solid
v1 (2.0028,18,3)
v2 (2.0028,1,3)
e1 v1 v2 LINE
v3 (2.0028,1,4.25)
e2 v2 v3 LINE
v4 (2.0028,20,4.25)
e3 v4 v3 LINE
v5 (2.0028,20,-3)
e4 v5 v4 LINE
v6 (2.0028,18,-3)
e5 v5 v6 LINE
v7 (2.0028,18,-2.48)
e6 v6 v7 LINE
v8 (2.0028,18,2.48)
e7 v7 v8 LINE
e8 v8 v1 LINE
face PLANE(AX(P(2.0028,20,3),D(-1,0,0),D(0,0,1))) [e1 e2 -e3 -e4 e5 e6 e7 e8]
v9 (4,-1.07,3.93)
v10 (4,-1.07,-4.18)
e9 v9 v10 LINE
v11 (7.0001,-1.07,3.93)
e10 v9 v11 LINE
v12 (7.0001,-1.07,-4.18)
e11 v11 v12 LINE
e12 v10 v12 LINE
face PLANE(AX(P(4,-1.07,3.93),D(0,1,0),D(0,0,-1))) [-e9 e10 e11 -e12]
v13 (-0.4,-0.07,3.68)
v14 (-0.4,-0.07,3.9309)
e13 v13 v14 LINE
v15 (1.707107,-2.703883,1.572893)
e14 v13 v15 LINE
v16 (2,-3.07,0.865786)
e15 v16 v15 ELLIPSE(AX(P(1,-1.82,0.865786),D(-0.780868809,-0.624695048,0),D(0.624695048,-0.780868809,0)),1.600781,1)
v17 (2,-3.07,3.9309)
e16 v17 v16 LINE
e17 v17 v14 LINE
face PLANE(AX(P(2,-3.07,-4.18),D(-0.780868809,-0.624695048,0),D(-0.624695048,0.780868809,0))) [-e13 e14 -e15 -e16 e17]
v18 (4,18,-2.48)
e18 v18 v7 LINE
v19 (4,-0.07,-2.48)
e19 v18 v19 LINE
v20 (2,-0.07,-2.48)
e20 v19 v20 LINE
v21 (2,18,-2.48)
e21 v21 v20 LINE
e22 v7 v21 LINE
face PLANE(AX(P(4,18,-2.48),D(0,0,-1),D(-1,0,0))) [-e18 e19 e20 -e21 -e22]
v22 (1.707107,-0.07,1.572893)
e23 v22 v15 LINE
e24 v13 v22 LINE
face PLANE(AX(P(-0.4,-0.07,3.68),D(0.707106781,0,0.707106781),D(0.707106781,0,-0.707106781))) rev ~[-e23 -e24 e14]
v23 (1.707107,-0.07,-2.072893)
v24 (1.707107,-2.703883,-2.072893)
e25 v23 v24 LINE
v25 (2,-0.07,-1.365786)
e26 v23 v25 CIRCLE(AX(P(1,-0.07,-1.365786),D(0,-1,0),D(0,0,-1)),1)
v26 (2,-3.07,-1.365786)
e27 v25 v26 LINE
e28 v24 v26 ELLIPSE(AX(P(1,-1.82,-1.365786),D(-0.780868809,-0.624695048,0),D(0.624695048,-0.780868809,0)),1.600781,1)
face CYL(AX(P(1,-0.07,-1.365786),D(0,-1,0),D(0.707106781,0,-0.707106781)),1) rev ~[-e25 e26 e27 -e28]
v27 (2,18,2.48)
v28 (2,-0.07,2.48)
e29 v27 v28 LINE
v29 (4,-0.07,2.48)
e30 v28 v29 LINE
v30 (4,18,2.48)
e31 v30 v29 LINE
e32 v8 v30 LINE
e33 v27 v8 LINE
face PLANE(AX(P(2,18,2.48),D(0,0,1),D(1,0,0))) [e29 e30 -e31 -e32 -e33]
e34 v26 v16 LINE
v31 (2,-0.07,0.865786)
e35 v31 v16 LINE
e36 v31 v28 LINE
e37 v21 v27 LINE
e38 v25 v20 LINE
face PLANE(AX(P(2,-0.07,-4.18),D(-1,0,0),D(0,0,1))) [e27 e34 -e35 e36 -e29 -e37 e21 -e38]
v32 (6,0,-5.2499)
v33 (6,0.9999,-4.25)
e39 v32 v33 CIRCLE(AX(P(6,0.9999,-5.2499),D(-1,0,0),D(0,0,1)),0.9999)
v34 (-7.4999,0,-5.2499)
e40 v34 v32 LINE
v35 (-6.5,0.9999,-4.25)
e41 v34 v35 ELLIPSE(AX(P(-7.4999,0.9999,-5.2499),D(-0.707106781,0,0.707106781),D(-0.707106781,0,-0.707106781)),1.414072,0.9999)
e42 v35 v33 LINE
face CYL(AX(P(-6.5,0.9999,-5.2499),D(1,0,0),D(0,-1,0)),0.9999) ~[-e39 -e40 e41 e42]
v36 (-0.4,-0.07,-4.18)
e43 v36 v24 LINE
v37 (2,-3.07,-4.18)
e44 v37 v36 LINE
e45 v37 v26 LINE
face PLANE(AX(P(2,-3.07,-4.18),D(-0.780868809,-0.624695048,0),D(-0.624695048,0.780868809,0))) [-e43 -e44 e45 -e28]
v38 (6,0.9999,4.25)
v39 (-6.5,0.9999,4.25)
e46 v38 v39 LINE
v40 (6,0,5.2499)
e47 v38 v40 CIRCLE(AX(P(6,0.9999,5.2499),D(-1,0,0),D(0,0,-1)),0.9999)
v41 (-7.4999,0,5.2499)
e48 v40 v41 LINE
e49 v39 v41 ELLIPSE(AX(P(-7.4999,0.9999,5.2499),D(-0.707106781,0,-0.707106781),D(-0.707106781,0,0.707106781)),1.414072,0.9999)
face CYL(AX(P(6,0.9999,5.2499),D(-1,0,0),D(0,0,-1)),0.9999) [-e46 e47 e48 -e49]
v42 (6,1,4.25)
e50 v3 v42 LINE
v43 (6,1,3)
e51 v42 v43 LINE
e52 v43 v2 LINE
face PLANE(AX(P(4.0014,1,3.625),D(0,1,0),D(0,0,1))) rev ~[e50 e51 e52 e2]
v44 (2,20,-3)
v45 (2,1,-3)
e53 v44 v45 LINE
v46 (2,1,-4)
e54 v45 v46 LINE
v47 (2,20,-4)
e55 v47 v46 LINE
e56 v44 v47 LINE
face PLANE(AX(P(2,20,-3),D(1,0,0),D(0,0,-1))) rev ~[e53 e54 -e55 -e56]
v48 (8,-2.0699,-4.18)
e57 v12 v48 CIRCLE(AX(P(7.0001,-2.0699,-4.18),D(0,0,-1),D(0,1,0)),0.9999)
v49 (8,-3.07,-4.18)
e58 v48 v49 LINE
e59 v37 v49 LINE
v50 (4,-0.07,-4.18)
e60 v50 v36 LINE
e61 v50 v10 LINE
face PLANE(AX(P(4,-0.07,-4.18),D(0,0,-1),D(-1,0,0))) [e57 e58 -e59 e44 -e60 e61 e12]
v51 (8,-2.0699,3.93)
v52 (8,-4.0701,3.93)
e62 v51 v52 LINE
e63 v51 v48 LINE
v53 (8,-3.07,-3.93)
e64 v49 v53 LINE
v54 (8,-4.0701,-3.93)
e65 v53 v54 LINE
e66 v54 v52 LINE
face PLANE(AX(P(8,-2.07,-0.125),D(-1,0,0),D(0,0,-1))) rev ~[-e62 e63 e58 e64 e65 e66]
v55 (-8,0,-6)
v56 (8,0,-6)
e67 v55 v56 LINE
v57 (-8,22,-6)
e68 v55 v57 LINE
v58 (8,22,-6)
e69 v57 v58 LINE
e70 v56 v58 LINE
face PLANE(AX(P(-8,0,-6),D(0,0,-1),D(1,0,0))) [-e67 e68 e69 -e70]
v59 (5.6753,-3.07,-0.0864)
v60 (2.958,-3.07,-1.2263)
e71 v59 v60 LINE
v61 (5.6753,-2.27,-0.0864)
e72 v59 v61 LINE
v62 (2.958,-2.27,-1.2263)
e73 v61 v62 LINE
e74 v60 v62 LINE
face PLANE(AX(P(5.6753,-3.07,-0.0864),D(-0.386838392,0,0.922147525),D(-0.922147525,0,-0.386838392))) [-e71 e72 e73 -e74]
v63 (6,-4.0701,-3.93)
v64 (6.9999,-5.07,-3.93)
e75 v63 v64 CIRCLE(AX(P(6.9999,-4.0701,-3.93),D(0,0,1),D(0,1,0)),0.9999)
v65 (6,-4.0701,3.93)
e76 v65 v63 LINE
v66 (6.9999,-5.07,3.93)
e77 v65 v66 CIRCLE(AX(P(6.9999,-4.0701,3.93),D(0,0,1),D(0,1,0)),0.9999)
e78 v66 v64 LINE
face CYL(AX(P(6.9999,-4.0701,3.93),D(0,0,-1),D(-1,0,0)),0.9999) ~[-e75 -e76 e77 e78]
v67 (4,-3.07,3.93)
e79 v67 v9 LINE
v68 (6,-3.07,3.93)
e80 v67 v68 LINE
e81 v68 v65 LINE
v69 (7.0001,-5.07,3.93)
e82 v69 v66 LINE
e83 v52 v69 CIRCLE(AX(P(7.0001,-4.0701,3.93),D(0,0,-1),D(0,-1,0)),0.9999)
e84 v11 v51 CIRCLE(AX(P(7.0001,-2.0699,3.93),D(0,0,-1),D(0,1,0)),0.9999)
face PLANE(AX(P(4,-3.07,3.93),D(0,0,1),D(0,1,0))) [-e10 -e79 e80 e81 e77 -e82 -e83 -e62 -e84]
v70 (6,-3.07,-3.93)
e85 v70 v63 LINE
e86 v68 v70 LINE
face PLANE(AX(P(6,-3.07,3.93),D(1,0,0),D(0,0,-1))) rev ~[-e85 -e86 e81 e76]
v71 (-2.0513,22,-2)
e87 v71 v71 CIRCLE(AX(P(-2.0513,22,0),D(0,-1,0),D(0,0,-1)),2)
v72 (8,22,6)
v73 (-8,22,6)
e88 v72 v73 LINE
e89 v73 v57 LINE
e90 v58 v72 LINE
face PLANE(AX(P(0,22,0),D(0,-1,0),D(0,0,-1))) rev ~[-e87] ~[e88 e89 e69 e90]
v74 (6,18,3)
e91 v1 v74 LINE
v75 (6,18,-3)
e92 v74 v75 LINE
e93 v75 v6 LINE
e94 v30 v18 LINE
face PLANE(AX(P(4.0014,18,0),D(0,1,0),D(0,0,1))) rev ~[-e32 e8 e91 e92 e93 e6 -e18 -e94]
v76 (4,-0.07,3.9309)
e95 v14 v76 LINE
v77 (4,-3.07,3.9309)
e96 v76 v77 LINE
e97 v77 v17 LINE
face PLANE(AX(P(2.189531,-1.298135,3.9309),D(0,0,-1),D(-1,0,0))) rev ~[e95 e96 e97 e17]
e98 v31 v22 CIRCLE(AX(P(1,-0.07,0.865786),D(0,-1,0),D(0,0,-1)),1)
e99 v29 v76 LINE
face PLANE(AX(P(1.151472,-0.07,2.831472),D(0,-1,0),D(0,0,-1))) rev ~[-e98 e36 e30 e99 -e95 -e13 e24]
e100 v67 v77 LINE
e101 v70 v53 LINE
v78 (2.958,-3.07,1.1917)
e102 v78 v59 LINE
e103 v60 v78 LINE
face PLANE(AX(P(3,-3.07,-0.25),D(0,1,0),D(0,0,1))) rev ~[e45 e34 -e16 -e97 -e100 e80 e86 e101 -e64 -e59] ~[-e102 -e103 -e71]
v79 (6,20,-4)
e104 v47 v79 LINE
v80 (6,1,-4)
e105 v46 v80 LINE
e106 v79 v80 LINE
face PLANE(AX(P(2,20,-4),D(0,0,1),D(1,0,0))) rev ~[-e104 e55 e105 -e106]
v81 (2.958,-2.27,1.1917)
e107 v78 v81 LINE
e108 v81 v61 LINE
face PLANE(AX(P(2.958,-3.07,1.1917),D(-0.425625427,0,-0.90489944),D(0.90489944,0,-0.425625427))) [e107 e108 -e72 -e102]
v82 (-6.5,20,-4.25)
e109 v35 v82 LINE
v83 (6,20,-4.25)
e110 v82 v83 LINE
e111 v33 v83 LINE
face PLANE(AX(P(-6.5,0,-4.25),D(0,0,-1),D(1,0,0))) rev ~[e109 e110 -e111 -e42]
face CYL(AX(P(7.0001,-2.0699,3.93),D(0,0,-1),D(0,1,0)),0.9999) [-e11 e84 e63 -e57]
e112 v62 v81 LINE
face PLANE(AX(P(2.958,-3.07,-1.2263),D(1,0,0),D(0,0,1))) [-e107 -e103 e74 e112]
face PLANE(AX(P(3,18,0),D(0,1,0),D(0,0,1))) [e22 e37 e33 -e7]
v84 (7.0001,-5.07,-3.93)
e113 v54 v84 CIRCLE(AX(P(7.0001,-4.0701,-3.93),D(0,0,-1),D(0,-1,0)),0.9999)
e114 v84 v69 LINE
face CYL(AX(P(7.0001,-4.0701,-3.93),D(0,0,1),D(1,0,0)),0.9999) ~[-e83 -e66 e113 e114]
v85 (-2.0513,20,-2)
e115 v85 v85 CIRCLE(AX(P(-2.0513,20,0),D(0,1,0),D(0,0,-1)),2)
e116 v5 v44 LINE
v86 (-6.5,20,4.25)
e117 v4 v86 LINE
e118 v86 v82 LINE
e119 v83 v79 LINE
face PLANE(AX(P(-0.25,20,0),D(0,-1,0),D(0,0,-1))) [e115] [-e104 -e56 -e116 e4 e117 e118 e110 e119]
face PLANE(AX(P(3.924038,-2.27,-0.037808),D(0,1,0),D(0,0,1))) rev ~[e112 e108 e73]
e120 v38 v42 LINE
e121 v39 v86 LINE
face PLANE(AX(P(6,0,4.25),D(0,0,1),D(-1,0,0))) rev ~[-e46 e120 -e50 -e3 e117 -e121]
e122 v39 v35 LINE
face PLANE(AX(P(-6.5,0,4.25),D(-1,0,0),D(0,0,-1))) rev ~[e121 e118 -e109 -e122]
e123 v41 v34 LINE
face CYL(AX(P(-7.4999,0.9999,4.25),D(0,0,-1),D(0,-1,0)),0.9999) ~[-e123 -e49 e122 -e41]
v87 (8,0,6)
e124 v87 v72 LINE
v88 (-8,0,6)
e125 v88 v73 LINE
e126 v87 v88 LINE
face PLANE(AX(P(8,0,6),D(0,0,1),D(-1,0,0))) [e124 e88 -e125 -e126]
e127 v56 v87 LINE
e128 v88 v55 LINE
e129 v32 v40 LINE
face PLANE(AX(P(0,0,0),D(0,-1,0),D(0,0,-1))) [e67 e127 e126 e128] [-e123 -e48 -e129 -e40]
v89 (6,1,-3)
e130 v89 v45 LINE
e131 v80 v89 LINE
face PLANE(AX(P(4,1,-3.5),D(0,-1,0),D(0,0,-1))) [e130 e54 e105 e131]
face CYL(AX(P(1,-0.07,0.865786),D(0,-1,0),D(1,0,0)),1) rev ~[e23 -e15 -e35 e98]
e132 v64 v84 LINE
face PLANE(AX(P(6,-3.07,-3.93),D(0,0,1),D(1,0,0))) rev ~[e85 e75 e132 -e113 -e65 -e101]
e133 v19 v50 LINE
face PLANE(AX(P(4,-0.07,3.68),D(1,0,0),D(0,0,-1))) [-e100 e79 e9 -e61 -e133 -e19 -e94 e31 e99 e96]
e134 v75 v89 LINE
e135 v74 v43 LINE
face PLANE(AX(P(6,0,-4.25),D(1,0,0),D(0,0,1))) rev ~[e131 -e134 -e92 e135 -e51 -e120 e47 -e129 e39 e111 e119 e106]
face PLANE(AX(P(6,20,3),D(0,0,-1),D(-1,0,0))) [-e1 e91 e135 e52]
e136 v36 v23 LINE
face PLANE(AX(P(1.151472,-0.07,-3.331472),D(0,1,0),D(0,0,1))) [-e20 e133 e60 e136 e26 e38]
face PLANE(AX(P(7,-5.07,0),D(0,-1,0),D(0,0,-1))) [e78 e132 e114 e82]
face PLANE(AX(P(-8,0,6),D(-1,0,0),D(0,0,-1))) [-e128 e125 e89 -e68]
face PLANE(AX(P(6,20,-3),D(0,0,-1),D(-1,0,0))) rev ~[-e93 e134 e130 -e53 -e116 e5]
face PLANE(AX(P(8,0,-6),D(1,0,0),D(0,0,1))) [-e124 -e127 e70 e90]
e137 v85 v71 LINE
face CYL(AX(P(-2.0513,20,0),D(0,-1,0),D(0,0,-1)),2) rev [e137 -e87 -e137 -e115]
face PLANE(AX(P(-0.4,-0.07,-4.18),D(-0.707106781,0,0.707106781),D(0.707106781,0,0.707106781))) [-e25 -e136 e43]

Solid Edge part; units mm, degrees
sketch "Sketch1" plane through (0, 0, 0) normal (0, -1, 0) x (1, 0, 0)
  line L0 (8, 6) -> (-8, 6)
  line L1 (-8, 6) -> (-8, -6)
  line L2 (-8, -6) -> (8, -6)
  line L3 (8, -6) -> (8, 6)
extrude "Protrusion1" add sketch "Sketch1" against normal blind 22
sketch "Sketch2" plane through (0, 0, 0) normal (0, -1, 0) x (1, 0, 0)
  line L0 (6, 4.25) -> (-6.5, 4.25)
  line L1 (-6.5, 4.25) -> (-6.5, -4.25)
  line L2 (-6.5, -4.25) -> (6, -4.25)
  line L3 (6, -4.25) -> (6, 4.25)
extrude "Cutout1" cut sketch "Sketch2" against normal blind 20
sketch "Sketch3" plane through (0, 20, 0) normal (0, -1, 0) x (1, 0, 0)
  line L0 (6, -3) -> (2, -3)
  line L1 (2, -3) -> (2, -4)
  line L2 (2, -4) -> (6, -4)
  line L3 (6, -4) -> (6, -3)
  line L4 (6, 3) -> (2.0028, 3)
  line L5 (2.0028, 3) -> (2.0028, 4.25)
  line L6 (2.0028, 4.25) -> (6, 4.25)
  line L7 (6, 4.25) -> (6, 3)
extrude "LockSideProtrusion" add sketch "Sketch3" along normal blind 19
sketch "Sketch4" plane through (0, 20, 0) normal (0, -1, 0) x (1, 0, 0)
  line L0 (6, 3) -> (6, -3)
  line L1 (6, -3) -> (2.0028, -3)
  line L2 (2.0028, -3) -> (2.0028, 3)
  line L3 (2.0028, 3) -> (6, 3)
extrude "LockBaseProtrusion" add sketch "Sketch4" along normal blind 2
sketch "Sketch5" plane through (4.0014, 18, 0) normal (0, -1, 0) x (1, 0, 0)
  line L0 (-0.0014, 2.48) -> (-0.0014, -2.48)
  line L1 (-0.0014, -2.48) -> (-2.0014, -2.48)
  line L2 (-2.0014, -2.48) -> (-2.0014, 2.48)
  line L3 (-2.0014, 2.48) -> (-0.0014, 2.48)
extrude "LockProtrusion" add sketch "Sketch5" along normal blind 18.07
sketch "Sketch6" plane through (3, -0.07, 0) normal (0, -1, 0) x (1, 0, 0)
  line L0 (-1, -4.18) -> (-1, 3.68)
  line L1 (-1, 3.68) -> (1, 3.68)
  line L2 (1, 3.68) -> (1, -4.18)
  line L3 (1, -4.18) -> (-1, -4.18)
extrude "LockHeadMainProtrusion" add sketch "Sketch6" along normal blind 3
sketch "Sketch7" plane through (3, -0.07, 0) normal (0, -1, 0) x (1, 0, 0)
  line L0 (-3.4, 3.68) -> (-1, 1.28)
  line L1 (-1, 1.28) -> (-1, 3.68)
  line L2 (-1, 3.68) -> (-3.4, 3.68)
  line L3 (-3.4, -4.18) -> (-1, -1.78)
  line L4 (-1, -1.78) -> (-1, -4.18)
  line L5 (-1, -4.18) -> (-3.4, -4.18)
  dimension "D1" = 0.07
  dimension "D2" = 7.86
  dimension "D3" = 0.57
extrude "LockHeadTriangleProtrusion" add sketch "Sketch7" along normal blind 3
sketch "Sketch8" plane through (1.8, -1.57, -4.18) normal (0, 0, -1) x (1, 0, 0)
  line L0 (-2.2, 1.5) -> (0.2, 1.5)
  line L1 (0.2, 1.5) -> (-2.2, -1.5)
  line L2 (-2.2, -1.5) -> (-2.2, 1.5)
extrude "LockHeadTriangleCut" cut sketch "Sketch8" against normal blind 8.6519
sketch "Sketch9" plane through (4, 7.465, 0) normal (1, 0, 0) x (0, 0, 1)
  line L0 (-4.18, 10.535) -> (3.93, 10.535)
  line L1 (3.93, 10.535) -> (3.93, 8.535)
  line L2 (3.93, 8.535) -> (-4.18, 8.535)
  line L3 (-4.18, 8.535) -> (-4.18, 10.535)
extrude "FlapBaseProtrusion" add sketch "Sketch9" along normal blind 4
sketch "Sketch10" plane through (5, -3.07, 0) normal (0, -1, 0) x (1, 0, 0)
  line L0 (3, 3.93) -> (1, 3.93)
  line L1 (1, 3.93) -> (1, -3.93)
  line L2 (1, -3.93) -> (3, -3.93)
  line L3 (3, -3.93) -> (3, 3.93)
extrude "FlapHandleProtrusion" add sketch "Sketch10" along normal blind 2
fillet "SlotInnerRound" radius 1 3 edges at (-0.25, 0, 4.25) (-6.5, 0, 0) (-0.25, 0, -4.25)
fillet "FlapRound" radius 1 3 edges at (6, -5.07, 0) (8, -5.07, 0) (8, -1.07, -0.125)
sketch "Sketch11" plane through (4, -3.07, 0) normal (0, -1, 0) x (-1, 0, 0)
  line L0 (-1.6753, 0.0864) -> (1.042, 1.2263)
  line L1 (1.042, 1.2263) -> (1.042, -1.1917)
  line L2 (1.042, -1.1917) -> (-1.6753, 0.0864)
extrude "MarkCut" cut sketch "Sketch11" against normal blind 0.8
hole "PushHole" at (-2.0513, 20, 0) direction (0, 1, 0) diameter 4 end through all
fillet "LockTriangleRound" radius 1 2 edges at (2, -1.57, 1.28) (2, -1.57, -1.78)
sketch "Sketch12" plane through (1.8, -1.57, 3.68) normal (0, 0, 1) x (1, 0, 0)
  line L0 (2.2, 0.725) -> (2.2, 0.3676)
  line L1 (2.2, 0.3676) -> (2.2, -1.5)
  line L2 (2.2, -1.5) -> (0.2, -1.5)
  line L3 (0.2, -1.5) -> (-2.2, 1.5)
  line L4 (-2.2, 1.5) -> (2.2, 1.5)
  line L5 (2.2, 1.5) -> (2.2, 0.725)
extrude "Protrusion2" add sketch "Sketch12" along normal blind 0.2509
